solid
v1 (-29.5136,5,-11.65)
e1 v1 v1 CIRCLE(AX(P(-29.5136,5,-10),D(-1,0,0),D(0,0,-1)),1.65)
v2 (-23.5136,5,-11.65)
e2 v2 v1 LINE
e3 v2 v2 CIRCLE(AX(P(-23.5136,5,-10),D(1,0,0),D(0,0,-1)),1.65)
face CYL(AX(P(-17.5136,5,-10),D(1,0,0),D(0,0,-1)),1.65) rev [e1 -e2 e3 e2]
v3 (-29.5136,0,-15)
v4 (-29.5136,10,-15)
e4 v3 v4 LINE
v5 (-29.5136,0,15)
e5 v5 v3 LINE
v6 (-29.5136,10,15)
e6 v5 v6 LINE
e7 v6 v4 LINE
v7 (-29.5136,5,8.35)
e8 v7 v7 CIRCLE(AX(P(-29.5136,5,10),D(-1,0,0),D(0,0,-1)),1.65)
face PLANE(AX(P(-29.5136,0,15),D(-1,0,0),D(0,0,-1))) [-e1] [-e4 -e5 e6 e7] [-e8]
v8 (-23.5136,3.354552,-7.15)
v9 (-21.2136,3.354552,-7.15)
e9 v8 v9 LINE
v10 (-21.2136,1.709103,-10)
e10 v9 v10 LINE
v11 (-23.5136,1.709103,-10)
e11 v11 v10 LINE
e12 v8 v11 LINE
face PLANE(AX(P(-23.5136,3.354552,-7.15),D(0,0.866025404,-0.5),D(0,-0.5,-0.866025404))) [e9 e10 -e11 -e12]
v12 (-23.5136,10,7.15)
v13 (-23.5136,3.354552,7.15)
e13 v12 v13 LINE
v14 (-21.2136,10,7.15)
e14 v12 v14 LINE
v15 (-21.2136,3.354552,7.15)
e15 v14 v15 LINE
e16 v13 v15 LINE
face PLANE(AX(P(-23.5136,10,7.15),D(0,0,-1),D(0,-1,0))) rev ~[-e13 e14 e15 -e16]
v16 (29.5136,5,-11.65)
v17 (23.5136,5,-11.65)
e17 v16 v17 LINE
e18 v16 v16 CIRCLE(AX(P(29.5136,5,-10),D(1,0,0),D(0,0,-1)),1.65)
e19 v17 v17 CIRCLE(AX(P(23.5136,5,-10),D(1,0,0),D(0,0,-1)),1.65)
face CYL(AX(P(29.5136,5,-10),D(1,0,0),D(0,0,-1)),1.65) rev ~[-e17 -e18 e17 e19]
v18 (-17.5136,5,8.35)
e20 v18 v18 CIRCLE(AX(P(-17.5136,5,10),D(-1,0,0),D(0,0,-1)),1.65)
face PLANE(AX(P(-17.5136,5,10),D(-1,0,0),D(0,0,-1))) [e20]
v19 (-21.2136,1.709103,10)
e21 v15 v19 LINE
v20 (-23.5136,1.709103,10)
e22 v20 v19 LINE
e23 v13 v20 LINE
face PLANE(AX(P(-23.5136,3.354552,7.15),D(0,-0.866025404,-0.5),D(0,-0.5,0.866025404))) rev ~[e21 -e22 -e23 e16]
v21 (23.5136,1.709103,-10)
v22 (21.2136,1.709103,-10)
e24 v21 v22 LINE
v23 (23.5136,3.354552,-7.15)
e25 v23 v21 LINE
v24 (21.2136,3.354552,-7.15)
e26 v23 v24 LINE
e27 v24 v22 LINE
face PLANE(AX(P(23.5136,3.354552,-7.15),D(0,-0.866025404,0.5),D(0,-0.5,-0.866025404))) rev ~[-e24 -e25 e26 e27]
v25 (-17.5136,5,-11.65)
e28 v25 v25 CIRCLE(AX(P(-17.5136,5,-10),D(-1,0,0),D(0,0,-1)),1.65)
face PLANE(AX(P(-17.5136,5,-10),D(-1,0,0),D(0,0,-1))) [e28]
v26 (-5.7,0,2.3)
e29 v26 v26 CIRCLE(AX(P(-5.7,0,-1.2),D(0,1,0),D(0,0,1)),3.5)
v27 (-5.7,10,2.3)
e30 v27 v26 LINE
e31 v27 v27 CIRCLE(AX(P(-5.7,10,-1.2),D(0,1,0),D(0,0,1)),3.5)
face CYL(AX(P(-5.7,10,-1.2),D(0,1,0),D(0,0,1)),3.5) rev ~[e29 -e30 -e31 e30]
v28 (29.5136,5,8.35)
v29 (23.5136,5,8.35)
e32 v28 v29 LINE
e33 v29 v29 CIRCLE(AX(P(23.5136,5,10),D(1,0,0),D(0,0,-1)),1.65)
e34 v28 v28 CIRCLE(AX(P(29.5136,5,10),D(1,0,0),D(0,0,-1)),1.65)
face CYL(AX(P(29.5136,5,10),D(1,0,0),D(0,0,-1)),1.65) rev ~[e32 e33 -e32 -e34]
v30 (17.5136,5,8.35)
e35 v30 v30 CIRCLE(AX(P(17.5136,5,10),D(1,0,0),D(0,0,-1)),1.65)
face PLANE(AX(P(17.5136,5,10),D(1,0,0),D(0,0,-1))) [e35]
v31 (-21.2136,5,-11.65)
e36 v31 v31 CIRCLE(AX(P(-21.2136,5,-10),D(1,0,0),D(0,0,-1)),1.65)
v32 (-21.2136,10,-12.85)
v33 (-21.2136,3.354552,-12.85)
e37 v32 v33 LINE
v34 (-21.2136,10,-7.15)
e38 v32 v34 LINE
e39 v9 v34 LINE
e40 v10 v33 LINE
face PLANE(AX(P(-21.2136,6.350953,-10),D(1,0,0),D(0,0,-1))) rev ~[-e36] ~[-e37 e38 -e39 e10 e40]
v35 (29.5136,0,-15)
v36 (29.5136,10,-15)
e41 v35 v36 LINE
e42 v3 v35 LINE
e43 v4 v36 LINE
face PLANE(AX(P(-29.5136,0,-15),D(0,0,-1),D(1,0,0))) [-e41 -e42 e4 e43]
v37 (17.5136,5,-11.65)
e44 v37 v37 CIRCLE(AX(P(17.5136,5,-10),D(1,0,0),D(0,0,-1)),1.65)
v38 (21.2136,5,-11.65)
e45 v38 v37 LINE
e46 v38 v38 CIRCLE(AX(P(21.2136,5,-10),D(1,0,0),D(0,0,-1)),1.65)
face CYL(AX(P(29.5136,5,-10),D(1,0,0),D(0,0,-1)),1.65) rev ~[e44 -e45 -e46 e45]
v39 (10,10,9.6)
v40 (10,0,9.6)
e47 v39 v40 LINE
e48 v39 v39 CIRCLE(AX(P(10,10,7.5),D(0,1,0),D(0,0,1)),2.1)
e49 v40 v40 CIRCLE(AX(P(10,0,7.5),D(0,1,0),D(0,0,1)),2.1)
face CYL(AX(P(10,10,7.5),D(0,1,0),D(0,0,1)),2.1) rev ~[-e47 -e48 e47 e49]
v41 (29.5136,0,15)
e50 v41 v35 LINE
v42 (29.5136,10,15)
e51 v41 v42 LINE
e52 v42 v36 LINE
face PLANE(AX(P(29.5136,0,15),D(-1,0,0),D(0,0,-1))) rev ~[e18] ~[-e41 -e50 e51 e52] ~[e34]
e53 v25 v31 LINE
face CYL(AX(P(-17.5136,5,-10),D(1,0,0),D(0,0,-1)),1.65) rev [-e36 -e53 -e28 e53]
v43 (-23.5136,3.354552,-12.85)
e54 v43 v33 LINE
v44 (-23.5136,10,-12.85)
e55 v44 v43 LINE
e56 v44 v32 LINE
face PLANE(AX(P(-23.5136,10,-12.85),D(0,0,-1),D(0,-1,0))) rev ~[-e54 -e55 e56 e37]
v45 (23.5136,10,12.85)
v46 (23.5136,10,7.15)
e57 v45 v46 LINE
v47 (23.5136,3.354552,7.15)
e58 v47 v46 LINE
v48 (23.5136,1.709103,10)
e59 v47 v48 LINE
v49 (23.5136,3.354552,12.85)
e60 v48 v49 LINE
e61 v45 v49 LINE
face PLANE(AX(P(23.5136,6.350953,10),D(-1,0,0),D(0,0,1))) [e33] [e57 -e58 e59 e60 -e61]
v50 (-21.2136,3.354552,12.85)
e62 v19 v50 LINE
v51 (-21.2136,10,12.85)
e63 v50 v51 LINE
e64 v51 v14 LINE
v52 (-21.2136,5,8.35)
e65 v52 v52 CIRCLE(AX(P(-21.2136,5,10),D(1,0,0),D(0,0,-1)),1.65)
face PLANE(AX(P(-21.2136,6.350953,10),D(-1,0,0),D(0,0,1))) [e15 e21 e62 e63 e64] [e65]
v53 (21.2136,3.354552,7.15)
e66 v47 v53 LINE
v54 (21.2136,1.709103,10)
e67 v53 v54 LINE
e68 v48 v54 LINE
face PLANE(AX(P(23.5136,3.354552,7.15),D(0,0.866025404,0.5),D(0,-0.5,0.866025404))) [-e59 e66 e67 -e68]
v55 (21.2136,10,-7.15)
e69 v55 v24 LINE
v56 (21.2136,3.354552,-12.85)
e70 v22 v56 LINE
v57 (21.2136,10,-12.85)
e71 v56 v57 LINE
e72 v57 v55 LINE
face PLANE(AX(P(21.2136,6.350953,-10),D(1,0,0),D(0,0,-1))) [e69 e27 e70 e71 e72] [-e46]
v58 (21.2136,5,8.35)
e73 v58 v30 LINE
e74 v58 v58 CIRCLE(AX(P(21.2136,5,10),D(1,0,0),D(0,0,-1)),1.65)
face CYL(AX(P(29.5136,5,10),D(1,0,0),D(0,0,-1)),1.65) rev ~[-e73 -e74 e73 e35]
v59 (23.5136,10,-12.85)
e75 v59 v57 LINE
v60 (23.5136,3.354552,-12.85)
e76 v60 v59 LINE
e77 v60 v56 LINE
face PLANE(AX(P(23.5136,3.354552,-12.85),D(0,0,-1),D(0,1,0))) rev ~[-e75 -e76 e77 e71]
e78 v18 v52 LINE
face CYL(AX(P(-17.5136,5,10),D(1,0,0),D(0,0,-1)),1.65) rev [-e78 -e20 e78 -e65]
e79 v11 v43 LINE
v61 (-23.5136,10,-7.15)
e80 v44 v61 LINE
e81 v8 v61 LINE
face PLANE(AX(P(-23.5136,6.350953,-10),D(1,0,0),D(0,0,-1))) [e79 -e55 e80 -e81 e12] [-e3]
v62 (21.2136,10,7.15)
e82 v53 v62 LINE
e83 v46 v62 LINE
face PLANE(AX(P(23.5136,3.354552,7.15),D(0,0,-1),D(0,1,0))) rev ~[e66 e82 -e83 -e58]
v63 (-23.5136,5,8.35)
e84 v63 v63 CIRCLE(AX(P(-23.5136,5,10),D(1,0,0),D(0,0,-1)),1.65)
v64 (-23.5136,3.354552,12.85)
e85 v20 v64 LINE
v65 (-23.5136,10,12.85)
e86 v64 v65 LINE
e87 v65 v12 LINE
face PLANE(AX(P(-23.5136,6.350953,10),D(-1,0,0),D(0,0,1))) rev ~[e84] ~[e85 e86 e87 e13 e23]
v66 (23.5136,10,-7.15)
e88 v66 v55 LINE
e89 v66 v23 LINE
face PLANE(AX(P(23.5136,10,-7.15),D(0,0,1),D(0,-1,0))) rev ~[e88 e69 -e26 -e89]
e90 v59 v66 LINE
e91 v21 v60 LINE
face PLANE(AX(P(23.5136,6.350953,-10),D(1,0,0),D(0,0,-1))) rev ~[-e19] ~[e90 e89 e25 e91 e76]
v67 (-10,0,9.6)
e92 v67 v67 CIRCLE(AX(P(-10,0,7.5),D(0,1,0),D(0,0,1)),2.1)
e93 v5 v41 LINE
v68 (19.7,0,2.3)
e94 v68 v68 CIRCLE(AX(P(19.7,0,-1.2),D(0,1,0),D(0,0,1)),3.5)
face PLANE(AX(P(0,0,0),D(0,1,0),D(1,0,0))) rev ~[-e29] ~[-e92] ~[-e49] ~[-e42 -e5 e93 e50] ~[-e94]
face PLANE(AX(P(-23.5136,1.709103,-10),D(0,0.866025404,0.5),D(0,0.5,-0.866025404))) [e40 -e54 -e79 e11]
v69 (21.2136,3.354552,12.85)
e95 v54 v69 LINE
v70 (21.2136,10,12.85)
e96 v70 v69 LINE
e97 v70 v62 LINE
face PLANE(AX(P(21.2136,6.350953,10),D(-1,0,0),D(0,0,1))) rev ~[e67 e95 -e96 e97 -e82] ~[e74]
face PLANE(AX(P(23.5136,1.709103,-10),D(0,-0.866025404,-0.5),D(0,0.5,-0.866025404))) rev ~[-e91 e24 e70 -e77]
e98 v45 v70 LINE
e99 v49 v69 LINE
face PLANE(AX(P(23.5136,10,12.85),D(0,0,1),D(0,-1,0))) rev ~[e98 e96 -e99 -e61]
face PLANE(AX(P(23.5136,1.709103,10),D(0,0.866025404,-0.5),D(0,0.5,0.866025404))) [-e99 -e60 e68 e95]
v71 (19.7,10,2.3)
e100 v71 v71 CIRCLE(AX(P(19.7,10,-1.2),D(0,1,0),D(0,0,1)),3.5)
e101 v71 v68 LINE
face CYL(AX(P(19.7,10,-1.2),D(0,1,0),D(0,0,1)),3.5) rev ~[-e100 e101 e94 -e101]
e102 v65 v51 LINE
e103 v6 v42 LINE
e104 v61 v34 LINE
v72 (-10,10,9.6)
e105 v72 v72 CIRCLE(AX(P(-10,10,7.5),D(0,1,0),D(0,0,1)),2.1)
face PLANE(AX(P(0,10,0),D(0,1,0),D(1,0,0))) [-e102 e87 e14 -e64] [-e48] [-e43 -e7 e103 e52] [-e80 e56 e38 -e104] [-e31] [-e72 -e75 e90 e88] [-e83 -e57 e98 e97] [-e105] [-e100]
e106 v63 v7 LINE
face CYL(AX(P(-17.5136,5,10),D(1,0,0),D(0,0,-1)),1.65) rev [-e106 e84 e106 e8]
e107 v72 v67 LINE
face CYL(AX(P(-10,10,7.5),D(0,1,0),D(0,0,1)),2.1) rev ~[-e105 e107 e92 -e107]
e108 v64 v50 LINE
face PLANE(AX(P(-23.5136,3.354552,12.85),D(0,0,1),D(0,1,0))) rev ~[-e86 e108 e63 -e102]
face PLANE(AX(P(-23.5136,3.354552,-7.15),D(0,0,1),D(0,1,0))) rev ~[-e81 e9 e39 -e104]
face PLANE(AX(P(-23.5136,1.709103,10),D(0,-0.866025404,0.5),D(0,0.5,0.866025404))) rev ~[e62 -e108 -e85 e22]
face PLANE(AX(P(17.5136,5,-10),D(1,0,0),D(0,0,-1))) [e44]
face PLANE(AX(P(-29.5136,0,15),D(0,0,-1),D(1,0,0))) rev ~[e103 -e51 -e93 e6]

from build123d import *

# Parameters (mm, degrees)
SKETCH1_W           = 59.0272
SKETCH1_H           = 30
BOSS_EXTRUDE1_DEPTH = 10
SKETCH2_R           = 2.1
CUT_EXTRUDE1_DEPTH  = 35.58399319
SKETCH3_R           = 1.65
CUT_EXTRUDE2_DEPTH  = 12
CUT_EXTRUDE3_START  = -12
SKETCH4_R           = 1.65
CUT_EXTRUDE3_DEPTH  = 12
CUT_EXTRUDE4_DEPTH  = 2.3
CUT_EXTRUDE5_DEPTH  = 2.3
SKETCH7_R           = 3.5
CUT_EXTRUDE6_DEPTH  = 35.58399319


with BuildPart() as part:
    # Sketch1 → Boss-Extrude1 (new body)
    with BuildSketch(Plane(origin=(0, 0, 0), x_dir=(1, 0, 0), z_dir=(0, 1, 0))):
        Rectangle(SKETCH1_W, SKETCH1_H)
    extrude(amount=BOSS_EXTRUDE1_DEPTH)

    # Sketch2 → Cut-Extrude1 (cut, through all)
    with BuildSketch(Plane(origin=(0, 10, 0), x_dir=(1, 0, 0), z_dir=(0, 1, 0))):
        with Locations(Location((-10, -7.5, 0), (0, 0, 270))):
            Circle(SKETCH2_R)
        with Locations(Location((10, -7.5, 0), (0, 0, 270))):
            Circle(SKETCH2_R)
    extrude(amount=-CUT_EXTRUDE1_DEPTH, mode=Mode.SUBTRACT)

    # Sketch3 → Cut-Extrude2 (cut)
    with BuildSketch(Plane(origin=(29.5136, 0, 0), x_dir=(0, 0, -1), z_dir=(1, 0, 0))):
        with Locations((-10, 5)):
            Circle(SKETCH3_R)
        with Locations((10, 5)):
            Circle(SKETCH3_R)
    extrude(amount=-CUT_EXTRUDE2_DEPTH, mode=Mode.SUBTRACT)

    # Sketch4 → Cut-Extrude3 (cut)
    with BuildSketch(Plane.ZY.offset(29.5136).offset(CUT_EXTRUDE3_START)):
        with Locations(Location((-10, 5, 0), (0, 0, 180))):
            Circle(SKETCH4_R)
        with Locations(Location((10, 5, 0), (0, 0, 180))):
            Circle(SKETCH4_R)
    extrude(amount=CUT_EXTRUDE3_DEPTH, mode=Mode.SUBTRACT)

    # Sketch5 → Cut-Extrude4 (cut)
    with BuildSketch(Plane(origin=(23.5136, 0, 0), x_dir=(0, 0, -1), z_dir=(1, 0, 0))):
        Polygon((-12.85, 6.645448267), (-12.85, 10), (-7.15, 10), (-7.15, 6.645448267), (-7.15, 3.354551733), (-10, 1.709103466), (-12.85, 3.354551733), align=None)
        Polygon((7.15, 6.645448267), (7.15, 3.354551733), (10, 1.709103466), (12.85, 3.354551733), (12.85, 6.645448267), (12.85, 10), (7.15, 10), align=None)
    extrude(amount=-CUT_EXTRUDE4_DEPTH, mode=Mode.SUBTRACT)

    # Sketch6 → Cut-Extrude5 (cut)
    with BuildSketch(Plane.ZY.offset(23.5136)):
        Polygon((-12.85, 6.645448267), (-12.85, 10), (-7.15, 10), (-7.15, 6.645448267), (-7.15, 3.354551733), (-10, 1.709103466), (-12.85, 3.354551733), align=None)
        Polygon((7.15, 6.645448267), (7.15, 3.354551733), (10, 1.709103466), (12.85, 3.354551733), (12.85, 6.645448267), (12.85, 10), (7.15, 10), align=None)
    extrude(amount=-CUT_EXTRUDE5_DEPTH, mode=Mode.SUBTRACT)

    # Sketch7 → Cut-Extrude6 (cut, through all)
    with BuildSketch(Plane(origin=(0, 10, 0), x_dir=(1, 0, 0), z_dir=(0, 1, 0))):
        with Locations(Location((19.7, 1.2, 0), (0, 0, 270))):
            Circle(SKETCH7_R)
        with Locations(Location((-5.7, 1.2, 0), (0, 0, 270))):
            Circle(SKETCH7_R)
    extrude(amount=-CUT_EXTRUDE6_DEPTH, mode=Mode.SUBTRACT)


solid = part.part
